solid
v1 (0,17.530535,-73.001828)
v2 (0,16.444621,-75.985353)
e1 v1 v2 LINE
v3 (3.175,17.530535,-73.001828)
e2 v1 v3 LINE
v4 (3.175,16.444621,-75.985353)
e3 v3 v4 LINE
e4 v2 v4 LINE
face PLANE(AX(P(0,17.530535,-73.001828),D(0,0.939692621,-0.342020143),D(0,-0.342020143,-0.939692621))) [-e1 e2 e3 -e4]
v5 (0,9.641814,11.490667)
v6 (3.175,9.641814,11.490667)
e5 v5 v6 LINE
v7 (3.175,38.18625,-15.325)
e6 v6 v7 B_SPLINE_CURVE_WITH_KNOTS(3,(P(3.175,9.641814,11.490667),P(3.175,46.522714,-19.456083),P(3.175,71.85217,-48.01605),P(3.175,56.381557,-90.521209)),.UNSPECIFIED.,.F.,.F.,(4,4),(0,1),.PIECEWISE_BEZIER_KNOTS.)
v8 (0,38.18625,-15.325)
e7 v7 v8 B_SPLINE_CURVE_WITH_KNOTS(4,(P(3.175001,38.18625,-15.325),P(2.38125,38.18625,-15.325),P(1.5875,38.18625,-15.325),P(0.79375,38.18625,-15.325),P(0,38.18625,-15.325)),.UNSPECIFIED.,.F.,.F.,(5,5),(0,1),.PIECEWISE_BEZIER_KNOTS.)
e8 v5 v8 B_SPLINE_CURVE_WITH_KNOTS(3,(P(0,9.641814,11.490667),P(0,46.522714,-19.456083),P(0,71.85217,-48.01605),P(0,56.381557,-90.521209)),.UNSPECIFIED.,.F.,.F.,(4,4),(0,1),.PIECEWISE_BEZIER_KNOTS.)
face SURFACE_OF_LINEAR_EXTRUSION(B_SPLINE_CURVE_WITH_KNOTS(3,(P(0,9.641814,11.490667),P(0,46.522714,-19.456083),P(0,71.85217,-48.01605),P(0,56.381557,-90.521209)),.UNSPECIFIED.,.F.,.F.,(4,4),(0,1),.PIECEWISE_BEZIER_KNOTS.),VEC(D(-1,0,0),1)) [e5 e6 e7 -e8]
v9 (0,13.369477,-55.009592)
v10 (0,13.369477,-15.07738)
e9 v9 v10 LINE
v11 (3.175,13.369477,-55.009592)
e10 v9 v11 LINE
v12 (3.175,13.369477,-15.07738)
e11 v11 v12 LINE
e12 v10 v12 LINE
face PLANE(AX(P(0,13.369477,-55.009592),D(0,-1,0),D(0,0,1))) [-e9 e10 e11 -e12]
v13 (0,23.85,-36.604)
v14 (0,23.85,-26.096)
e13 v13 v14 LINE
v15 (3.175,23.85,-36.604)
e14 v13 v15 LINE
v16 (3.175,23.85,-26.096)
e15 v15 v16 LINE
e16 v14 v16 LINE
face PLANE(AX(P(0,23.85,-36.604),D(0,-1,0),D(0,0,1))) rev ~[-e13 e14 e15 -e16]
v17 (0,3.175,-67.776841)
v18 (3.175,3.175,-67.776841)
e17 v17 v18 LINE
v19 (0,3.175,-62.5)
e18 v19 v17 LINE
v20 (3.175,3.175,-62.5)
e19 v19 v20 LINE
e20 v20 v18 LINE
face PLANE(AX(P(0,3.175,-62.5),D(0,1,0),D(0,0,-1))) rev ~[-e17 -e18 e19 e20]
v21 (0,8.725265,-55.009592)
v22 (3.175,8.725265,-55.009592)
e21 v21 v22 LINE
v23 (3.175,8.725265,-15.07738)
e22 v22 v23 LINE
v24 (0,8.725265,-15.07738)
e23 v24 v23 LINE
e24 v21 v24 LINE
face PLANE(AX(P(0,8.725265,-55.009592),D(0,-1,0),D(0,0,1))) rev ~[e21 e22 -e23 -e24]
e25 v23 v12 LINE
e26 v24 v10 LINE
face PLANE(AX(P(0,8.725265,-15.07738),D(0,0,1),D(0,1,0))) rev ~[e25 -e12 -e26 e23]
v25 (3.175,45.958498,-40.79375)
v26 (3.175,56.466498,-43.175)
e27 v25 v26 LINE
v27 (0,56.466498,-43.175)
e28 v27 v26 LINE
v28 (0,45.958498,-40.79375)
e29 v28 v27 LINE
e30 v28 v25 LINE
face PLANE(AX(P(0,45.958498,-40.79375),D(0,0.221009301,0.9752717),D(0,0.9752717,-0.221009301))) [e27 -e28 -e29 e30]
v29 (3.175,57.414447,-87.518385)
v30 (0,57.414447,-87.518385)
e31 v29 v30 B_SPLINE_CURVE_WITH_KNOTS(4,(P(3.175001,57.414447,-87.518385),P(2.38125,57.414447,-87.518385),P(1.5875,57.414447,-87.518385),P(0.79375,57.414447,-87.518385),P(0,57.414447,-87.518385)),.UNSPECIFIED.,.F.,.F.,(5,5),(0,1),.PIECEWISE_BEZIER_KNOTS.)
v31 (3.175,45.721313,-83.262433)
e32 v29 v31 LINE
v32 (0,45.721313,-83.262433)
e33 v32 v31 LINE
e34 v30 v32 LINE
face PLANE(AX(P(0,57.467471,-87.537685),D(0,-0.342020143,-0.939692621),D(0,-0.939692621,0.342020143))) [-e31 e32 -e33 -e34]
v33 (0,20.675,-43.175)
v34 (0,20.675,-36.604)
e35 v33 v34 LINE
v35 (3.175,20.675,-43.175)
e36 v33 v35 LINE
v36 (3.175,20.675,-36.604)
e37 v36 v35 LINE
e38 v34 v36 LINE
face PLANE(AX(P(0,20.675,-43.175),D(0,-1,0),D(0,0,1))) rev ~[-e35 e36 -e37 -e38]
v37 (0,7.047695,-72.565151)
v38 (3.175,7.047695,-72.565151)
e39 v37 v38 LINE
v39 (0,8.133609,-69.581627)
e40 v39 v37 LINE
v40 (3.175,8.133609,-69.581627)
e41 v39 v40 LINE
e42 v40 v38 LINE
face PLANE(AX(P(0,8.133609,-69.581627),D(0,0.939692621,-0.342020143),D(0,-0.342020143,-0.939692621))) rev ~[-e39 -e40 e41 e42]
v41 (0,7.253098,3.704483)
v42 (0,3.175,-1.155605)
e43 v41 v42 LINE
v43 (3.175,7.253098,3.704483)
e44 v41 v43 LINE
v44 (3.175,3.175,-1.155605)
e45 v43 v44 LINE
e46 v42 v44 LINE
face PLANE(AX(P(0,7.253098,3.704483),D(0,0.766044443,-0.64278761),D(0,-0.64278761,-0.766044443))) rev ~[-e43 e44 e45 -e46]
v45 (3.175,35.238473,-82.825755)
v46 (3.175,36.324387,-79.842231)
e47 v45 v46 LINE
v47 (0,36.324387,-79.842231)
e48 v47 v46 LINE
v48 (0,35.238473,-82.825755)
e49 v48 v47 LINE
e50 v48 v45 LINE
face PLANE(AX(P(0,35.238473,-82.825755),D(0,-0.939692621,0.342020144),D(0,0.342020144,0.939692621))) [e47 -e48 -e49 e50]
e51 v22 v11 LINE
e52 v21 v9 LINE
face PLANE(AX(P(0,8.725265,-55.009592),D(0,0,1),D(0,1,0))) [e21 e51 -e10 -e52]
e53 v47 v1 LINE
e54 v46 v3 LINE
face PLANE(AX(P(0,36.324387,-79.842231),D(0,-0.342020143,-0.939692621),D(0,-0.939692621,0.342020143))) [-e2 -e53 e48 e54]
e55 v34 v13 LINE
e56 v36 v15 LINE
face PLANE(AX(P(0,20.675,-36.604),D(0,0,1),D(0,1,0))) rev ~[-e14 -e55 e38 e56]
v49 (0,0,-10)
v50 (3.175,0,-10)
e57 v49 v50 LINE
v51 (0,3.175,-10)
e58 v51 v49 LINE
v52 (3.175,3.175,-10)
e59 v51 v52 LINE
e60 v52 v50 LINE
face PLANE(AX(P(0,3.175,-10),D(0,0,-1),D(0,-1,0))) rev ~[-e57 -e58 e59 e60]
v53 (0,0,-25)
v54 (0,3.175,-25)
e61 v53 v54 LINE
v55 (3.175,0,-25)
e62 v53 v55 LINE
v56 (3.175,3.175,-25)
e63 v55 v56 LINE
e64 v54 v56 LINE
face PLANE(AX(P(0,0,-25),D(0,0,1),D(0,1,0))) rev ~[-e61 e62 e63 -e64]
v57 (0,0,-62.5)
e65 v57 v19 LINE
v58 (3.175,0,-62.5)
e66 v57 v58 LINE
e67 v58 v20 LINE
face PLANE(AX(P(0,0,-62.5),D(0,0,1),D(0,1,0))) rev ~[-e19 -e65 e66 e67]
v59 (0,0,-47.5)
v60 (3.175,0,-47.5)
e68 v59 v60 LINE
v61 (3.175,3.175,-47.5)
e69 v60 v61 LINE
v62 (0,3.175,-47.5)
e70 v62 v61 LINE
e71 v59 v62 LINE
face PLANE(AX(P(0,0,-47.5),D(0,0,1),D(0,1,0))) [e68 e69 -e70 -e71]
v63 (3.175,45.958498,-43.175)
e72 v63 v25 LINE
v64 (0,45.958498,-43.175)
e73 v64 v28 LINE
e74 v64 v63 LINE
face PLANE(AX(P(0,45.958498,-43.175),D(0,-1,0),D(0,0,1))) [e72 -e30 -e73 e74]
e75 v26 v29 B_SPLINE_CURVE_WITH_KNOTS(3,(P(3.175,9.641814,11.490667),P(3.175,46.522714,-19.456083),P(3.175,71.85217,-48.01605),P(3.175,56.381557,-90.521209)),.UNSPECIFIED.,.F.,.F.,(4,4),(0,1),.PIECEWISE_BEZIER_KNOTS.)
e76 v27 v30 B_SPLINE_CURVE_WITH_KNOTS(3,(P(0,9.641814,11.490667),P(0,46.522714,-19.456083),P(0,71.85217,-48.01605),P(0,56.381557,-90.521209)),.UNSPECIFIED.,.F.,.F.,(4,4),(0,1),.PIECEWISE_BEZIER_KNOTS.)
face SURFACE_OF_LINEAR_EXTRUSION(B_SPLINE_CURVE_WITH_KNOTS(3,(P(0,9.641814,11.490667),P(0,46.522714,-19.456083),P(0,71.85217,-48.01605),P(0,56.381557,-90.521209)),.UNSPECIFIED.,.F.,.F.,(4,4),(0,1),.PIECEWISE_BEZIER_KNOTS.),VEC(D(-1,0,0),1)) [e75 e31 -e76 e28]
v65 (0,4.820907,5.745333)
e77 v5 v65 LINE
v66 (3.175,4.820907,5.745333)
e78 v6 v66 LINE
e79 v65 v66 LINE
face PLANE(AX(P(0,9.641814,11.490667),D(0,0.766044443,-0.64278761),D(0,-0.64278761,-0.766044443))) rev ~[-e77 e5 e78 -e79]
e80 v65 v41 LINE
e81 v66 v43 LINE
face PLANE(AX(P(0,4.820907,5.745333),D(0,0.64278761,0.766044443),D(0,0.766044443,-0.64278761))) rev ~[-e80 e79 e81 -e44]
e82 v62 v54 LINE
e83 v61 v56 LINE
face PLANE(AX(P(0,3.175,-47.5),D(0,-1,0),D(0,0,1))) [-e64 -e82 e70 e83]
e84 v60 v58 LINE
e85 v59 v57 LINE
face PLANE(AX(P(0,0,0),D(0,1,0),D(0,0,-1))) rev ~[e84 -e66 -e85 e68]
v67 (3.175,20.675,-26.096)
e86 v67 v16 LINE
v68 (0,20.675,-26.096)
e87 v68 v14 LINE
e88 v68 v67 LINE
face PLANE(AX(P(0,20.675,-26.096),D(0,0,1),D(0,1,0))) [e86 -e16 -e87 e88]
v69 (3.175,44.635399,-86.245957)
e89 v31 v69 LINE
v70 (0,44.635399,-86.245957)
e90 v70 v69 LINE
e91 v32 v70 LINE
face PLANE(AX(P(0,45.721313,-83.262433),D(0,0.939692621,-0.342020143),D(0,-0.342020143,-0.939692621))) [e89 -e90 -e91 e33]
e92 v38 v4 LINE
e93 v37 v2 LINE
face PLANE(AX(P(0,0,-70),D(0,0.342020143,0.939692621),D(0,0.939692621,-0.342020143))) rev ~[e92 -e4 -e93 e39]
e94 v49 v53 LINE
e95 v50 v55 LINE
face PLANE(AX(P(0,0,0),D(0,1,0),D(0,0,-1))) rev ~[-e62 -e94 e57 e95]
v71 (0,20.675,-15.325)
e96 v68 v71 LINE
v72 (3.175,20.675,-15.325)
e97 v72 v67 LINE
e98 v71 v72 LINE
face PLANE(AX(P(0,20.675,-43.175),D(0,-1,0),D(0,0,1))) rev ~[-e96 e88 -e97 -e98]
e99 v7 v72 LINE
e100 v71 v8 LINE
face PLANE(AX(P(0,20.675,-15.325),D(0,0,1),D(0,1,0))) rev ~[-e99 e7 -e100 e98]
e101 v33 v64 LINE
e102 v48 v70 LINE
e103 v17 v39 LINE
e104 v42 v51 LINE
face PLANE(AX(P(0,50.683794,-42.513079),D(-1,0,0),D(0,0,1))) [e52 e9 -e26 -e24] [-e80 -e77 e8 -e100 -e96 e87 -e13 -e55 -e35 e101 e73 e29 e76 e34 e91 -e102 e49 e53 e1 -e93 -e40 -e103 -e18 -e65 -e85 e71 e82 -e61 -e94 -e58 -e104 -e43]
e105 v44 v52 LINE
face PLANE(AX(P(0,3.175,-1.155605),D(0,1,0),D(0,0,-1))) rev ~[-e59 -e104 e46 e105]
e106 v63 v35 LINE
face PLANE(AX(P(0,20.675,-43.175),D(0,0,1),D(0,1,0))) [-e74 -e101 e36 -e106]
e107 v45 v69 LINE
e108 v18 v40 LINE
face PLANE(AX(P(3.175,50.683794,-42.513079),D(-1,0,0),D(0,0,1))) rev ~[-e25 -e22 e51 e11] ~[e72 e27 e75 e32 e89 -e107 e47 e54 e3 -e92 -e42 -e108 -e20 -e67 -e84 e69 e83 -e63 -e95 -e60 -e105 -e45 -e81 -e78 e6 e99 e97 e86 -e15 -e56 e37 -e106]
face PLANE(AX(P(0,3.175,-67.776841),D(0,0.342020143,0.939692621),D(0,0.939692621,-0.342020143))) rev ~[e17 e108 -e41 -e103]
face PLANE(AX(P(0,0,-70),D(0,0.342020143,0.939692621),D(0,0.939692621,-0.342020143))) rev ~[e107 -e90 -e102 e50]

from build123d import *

# Parameters (mm, degrees)
BOSS_EXTRUDE1_DEPTH = 3.175
SKETCH2_W           = 27.85
SKETCH2_H           = 35.791497658
CUT_EXTRUDE1_DEPTH  = 4.1750001
SKETCH3_W           = 10.508
SKETCH3_H           = 3.175
BOSS_EXTRUDE2_DEPTH = 3.175
SKETCH4_W           = 22.5
SKETCH4_H           = 3.175
CUT_EXTRUDE2_DEPTH  = 4.1750001
SKETCH5_W           = 39.932212354
SKETCH5_H           = 4.644211625
CUT_EXTRUDE3_DEPTH  = 10


with BuildPart() as part:
    # Sketch1 → Boss-Extrude1 (new body)
    with BuildSketch(Plane(origin=(0, 0, 0), x_dir=(0, 0, -1), z_dir=(1, 0, 0))):
        with BuildLine():
            Line((0, 0), (70, 0))
            Line((70, 0), (90.5212086, 56.381557247))
            add(Edge.make_bspline(
                [(-11.490666647, 9.641814145), (19.4560829, 46.522714097), (48.01605029, 71.852169675), (90.5212086, 56.381557247)],
                knots=[0, 0, 0, 0, 1, 1, 1, 1], degree=3))
            Line((-11.490666647, 9.641814145), (0, 0))
        make_face()
    extrude(amount=BOSS_EXTRUDE1_DEPTH)

    # Sketch2 → Cut-Extrude1 (cut, through all)
    with BuildSketch(Plane.ZY):
        with Locations((-29.25, 38.570748829)):
            Rectangle(SKETCH2_W, SKETCH2_H)
    extrude(amount=-CUT_EXTRUDE1_DEPTH, mode=Mode.SUBTRACT)

    # Sketch3 → Boss-Extrude2 (add)
    with BuildSketch(Plane.ZY):
        Polygon((-43.175, 56.466497658), (-43.175, 45.958497658), (-40.79375, 45.958497658), align=None)
        with Locations((-31.35, 22.2625)):
            Rectangle(SKETCH3_W, SKETCH3_H)
    extrude(amount=-BOSS_EXTRUDE2_DEPTH)

    # Sketch4 → Cut-Extrude2 (cut, through all)
    with BuildSketch(Plane.ZY):
        Polygon((-83.262432737, 45.721313442), (-86.245956808, 44.635399487), (-90.5212086, 56.381557247), (-87.537684529, 57.467471202), align=None)
        Polygon((-79.842231304, 36.324387235), (-73.001828437, 17.530534819), (-75.985352508, 16.444620864), (-82.825755375, 35.238473279), align=None)
        Polygon((-72.565151075, 7.047694656), (-70, 0), (-62.5, 0), (-62.5, 3.175), (-67.776841066, 3.175), (-69.581627004, 8.133608611), align=None)
        with Locations((-36.25, 1.5875)):
            Rectangle(SKETCH4_W, SKETCH4_H)
        Polygon((-10, 3.175), (-10, 0), (0, 0), (5.745333323, 4.820907073), (3.704482663, 7.25309818), (-1.155605494, 3.175), align=None)
    extrude(amount=-CUT_EXTRUDE2_DEPTH, mode=Mode.SUBTRACT)

    # Sketch5 → Cut-Extrude3 (cut)
    with BuildSketch(Plane.ZY):
        with Locations((-35.043485806, 11.047370883)):
            Rectangle(SKETCH5_W, SKETCH5_H)
    extrude(amount=-CUT_EXTRUDE3_DEPTH, mode=Mode.SUBTRACT)


solid = part.part
